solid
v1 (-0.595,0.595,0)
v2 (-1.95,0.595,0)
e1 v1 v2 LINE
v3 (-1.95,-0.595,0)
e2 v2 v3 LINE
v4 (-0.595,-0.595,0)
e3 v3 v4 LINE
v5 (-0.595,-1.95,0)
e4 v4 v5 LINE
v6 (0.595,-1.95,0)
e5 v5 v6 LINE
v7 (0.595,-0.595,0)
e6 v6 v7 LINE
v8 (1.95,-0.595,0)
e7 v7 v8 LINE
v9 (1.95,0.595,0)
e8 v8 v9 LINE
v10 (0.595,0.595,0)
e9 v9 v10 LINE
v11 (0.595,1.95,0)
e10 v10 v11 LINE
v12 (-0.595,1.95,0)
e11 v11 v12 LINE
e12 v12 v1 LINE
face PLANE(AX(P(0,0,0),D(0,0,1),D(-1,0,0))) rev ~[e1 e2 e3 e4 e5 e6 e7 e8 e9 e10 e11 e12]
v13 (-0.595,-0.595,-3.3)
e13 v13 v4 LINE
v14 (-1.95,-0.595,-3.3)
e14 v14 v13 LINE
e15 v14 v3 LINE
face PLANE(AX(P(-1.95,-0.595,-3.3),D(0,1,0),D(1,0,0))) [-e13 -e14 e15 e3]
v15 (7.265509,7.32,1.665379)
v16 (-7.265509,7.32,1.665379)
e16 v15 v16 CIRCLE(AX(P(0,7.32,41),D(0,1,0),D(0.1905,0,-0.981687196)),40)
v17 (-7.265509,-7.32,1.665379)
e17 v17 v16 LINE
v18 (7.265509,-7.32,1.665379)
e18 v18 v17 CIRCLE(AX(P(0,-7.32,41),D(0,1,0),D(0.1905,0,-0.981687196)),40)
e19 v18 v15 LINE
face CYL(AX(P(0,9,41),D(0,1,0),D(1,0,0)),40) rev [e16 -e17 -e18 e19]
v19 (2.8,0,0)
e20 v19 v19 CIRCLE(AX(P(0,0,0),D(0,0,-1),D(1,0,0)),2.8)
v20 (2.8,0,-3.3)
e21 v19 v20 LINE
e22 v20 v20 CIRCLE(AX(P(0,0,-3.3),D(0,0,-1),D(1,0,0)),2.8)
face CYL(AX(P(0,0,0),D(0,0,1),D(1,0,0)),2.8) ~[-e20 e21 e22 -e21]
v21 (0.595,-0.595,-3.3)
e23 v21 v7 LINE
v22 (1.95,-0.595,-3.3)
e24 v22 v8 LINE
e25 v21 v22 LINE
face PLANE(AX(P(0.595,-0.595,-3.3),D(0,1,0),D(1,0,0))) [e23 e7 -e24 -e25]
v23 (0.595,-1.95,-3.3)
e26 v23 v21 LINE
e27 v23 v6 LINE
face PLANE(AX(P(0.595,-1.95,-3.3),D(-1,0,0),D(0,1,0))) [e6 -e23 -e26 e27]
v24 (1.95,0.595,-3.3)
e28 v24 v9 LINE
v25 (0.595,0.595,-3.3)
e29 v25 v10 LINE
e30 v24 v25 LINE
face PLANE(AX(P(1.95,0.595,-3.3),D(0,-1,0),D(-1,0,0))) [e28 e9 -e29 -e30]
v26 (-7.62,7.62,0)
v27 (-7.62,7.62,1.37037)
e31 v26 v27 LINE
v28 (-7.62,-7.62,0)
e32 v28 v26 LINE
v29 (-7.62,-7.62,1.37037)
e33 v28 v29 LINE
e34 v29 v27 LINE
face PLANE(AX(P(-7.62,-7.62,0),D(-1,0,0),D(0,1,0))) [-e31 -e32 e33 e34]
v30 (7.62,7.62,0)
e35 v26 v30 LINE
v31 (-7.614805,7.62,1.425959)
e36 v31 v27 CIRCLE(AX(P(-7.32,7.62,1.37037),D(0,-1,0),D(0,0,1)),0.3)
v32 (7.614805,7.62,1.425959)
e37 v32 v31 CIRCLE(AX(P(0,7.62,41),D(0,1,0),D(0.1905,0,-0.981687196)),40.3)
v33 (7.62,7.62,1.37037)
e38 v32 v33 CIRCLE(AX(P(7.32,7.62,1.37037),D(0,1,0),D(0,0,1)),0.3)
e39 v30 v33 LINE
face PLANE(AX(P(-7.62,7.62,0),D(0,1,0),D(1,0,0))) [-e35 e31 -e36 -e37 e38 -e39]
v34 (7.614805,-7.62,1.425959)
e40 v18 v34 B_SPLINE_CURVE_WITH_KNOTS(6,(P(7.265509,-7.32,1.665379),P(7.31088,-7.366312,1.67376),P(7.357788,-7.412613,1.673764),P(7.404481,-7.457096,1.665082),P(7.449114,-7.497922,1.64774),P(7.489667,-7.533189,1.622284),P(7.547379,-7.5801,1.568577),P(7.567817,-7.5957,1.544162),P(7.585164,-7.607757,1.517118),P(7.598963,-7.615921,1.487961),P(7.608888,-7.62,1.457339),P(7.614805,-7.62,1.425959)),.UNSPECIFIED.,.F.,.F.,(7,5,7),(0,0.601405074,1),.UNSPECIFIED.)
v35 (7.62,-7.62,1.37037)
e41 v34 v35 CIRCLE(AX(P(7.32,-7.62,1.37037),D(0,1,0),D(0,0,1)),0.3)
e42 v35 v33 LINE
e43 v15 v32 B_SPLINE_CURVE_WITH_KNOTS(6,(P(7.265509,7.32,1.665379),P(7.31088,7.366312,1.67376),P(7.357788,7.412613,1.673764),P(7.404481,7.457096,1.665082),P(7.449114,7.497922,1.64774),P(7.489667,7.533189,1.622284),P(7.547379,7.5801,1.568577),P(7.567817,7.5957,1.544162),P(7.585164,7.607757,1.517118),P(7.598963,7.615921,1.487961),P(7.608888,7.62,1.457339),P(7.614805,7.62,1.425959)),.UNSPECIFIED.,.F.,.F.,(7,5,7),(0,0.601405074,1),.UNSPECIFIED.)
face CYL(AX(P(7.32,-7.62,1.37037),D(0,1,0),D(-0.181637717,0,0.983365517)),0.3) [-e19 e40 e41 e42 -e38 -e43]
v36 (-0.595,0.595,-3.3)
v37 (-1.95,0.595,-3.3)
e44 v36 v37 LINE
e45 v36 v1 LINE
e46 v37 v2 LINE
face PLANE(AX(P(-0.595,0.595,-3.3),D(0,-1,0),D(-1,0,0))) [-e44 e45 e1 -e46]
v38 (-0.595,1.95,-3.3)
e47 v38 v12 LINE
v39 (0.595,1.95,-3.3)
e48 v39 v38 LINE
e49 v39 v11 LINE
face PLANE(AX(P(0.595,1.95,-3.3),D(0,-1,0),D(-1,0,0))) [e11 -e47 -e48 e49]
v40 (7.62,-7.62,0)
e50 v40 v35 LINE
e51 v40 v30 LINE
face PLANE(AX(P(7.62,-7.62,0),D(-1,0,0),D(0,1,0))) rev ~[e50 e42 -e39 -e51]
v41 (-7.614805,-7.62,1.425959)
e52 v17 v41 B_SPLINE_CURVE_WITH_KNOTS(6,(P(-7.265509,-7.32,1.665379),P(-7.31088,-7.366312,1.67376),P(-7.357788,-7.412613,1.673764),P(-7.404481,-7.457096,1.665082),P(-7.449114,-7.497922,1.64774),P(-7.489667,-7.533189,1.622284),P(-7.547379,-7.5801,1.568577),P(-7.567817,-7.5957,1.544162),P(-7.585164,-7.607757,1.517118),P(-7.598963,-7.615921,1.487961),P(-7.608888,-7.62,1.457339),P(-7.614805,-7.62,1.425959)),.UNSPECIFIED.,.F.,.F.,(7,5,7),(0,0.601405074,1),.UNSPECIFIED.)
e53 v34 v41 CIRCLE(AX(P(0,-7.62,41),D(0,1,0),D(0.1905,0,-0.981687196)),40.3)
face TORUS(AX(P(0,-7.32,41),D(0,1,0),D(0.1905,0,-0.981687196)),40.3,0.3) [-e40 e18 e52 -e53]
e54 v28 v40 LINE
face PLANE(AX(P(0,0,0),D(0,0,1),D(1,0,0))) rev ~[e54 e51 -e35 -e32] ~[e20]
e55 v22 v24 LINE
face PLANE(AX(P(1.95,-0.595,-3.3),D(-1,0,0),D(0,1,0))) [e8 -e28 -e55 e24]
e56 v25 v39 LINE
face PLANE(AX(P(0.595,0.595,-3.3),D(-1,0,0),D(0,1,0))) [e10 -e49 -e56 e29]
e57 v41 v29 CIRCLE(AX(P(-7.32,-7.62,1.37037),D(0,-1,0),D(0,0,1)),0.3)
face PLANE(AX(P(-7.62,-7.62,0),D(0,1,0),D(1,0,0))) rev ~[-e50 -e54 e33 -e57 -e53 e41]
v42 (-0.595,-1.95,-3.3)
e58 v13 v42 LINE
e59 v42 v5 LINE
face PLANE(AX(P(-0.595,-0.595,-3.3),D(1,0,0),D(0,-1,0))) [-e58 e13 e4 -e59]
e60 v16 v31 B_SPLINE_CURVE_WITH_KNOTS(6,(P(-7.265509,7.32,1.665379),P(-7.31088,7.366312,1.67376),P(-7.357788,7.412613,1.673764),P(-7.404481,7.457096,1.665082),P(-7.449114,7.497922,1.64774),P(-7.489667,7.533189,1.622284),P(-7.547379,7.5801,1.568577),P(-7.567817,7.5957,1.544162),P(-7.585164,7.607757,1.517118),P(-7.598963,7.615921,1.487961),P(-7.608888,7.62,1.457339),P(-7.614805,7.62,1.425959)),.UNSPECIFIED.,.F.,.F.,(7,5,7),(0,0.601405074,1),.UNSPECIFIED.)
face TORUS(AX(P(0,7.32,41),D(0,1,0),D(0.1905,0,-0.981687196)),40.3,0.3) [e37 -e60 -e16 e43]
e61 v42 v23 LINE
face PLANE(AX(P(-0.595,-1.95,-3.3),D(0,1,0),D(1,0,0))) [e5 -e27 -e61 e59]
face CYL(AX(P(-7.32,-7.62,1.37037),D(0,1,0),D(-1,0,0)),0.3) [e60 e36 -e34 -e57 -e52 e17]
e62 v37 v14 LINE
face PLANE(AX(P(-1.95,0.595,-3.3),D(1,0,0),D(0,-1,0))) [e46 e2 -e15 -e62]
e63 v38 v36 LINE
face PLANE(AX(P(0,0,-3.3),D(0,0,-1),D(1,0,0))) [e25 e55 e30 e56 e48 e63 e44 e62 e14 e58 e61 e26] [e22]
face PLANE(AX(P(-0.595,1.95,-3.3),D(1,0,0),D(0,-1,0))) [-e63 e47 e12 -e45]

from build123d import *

# Parameters (mm, degrees)
SKETCH_W       = 15.24
SKETCH_H       = 15.24
PAD_DEPTH      = 2
CYLINDER_R     = 40
CYLINDER_DEPTH = 18
FILLET_R       = 0.3
SKETCH001_R    = 2.8
PAD001_DEPTH   = 3.3
POCKET_DEPTH   = 3.3


with BuildPart() as part:
    # Sketch → Pad (new body)
    with BuildSketch(Plane.XY):
        Rectangle(SKETCH_W, SKETCH_H)
    extrude(amount=PAD_DEPTH)

    # Cylinder → Cylinder (cut)
    with BuildSketch(Plane(origin=(0, 9, 41), x_dir=(1, 0, 0), z_dir=(0, -1, 0))):
        Circle(CYLINDER_R)
    extrude(amount=CYLINDER_DEPTH, mode=Mode.SUBTRACT)

    # Fillet
    fillet_edges = [part.edges().sort_by_distance(p)[0] for p in [
        (0, -7.62, 1),
        (-7.62, 0, 1.732512),
        (7.62, 0, 1.732512),
        (0, 7.62, 1),
    ]]
    fillet(fillet_edges, radius=FILLET_R)

    # Sketch001 (on Face4 of Fillet) → Pad001 (join)
    with BuildSketch(Plane(origin=(0, 9, 0), x_dir=(1, 0, 0), z_dir=(0, 0, -1))):
        with Locations((0, 9)):
            Circle(SKETCH001_R)
    extrude(amount=PAD001_DEPTH)

    # Sketch002 (on Face12 of Pad001) → Pocket (cut)
    with BuildSketch(Plane(origin=(0, 9, -3.3), x_dir=(1, 0, 0), z_dir=(0, 0, -1))):
        Polygon((-0.595, 10.95), (0.595, 10.95), (0.595, 9.595), (1.95, 9.595), (1.95, 8.405), (0.595, 8.405), (0.595, 7.05), (-0.595, 7.05), (-0.595, 8.405), (-1.95, 8.405), (-1.95, 9.595), (-0.595, 9.595), align=None)
    extrude(amount=-POCKET_DEPTH, mode=Mode.SUBTRACT)


solid = part.part
